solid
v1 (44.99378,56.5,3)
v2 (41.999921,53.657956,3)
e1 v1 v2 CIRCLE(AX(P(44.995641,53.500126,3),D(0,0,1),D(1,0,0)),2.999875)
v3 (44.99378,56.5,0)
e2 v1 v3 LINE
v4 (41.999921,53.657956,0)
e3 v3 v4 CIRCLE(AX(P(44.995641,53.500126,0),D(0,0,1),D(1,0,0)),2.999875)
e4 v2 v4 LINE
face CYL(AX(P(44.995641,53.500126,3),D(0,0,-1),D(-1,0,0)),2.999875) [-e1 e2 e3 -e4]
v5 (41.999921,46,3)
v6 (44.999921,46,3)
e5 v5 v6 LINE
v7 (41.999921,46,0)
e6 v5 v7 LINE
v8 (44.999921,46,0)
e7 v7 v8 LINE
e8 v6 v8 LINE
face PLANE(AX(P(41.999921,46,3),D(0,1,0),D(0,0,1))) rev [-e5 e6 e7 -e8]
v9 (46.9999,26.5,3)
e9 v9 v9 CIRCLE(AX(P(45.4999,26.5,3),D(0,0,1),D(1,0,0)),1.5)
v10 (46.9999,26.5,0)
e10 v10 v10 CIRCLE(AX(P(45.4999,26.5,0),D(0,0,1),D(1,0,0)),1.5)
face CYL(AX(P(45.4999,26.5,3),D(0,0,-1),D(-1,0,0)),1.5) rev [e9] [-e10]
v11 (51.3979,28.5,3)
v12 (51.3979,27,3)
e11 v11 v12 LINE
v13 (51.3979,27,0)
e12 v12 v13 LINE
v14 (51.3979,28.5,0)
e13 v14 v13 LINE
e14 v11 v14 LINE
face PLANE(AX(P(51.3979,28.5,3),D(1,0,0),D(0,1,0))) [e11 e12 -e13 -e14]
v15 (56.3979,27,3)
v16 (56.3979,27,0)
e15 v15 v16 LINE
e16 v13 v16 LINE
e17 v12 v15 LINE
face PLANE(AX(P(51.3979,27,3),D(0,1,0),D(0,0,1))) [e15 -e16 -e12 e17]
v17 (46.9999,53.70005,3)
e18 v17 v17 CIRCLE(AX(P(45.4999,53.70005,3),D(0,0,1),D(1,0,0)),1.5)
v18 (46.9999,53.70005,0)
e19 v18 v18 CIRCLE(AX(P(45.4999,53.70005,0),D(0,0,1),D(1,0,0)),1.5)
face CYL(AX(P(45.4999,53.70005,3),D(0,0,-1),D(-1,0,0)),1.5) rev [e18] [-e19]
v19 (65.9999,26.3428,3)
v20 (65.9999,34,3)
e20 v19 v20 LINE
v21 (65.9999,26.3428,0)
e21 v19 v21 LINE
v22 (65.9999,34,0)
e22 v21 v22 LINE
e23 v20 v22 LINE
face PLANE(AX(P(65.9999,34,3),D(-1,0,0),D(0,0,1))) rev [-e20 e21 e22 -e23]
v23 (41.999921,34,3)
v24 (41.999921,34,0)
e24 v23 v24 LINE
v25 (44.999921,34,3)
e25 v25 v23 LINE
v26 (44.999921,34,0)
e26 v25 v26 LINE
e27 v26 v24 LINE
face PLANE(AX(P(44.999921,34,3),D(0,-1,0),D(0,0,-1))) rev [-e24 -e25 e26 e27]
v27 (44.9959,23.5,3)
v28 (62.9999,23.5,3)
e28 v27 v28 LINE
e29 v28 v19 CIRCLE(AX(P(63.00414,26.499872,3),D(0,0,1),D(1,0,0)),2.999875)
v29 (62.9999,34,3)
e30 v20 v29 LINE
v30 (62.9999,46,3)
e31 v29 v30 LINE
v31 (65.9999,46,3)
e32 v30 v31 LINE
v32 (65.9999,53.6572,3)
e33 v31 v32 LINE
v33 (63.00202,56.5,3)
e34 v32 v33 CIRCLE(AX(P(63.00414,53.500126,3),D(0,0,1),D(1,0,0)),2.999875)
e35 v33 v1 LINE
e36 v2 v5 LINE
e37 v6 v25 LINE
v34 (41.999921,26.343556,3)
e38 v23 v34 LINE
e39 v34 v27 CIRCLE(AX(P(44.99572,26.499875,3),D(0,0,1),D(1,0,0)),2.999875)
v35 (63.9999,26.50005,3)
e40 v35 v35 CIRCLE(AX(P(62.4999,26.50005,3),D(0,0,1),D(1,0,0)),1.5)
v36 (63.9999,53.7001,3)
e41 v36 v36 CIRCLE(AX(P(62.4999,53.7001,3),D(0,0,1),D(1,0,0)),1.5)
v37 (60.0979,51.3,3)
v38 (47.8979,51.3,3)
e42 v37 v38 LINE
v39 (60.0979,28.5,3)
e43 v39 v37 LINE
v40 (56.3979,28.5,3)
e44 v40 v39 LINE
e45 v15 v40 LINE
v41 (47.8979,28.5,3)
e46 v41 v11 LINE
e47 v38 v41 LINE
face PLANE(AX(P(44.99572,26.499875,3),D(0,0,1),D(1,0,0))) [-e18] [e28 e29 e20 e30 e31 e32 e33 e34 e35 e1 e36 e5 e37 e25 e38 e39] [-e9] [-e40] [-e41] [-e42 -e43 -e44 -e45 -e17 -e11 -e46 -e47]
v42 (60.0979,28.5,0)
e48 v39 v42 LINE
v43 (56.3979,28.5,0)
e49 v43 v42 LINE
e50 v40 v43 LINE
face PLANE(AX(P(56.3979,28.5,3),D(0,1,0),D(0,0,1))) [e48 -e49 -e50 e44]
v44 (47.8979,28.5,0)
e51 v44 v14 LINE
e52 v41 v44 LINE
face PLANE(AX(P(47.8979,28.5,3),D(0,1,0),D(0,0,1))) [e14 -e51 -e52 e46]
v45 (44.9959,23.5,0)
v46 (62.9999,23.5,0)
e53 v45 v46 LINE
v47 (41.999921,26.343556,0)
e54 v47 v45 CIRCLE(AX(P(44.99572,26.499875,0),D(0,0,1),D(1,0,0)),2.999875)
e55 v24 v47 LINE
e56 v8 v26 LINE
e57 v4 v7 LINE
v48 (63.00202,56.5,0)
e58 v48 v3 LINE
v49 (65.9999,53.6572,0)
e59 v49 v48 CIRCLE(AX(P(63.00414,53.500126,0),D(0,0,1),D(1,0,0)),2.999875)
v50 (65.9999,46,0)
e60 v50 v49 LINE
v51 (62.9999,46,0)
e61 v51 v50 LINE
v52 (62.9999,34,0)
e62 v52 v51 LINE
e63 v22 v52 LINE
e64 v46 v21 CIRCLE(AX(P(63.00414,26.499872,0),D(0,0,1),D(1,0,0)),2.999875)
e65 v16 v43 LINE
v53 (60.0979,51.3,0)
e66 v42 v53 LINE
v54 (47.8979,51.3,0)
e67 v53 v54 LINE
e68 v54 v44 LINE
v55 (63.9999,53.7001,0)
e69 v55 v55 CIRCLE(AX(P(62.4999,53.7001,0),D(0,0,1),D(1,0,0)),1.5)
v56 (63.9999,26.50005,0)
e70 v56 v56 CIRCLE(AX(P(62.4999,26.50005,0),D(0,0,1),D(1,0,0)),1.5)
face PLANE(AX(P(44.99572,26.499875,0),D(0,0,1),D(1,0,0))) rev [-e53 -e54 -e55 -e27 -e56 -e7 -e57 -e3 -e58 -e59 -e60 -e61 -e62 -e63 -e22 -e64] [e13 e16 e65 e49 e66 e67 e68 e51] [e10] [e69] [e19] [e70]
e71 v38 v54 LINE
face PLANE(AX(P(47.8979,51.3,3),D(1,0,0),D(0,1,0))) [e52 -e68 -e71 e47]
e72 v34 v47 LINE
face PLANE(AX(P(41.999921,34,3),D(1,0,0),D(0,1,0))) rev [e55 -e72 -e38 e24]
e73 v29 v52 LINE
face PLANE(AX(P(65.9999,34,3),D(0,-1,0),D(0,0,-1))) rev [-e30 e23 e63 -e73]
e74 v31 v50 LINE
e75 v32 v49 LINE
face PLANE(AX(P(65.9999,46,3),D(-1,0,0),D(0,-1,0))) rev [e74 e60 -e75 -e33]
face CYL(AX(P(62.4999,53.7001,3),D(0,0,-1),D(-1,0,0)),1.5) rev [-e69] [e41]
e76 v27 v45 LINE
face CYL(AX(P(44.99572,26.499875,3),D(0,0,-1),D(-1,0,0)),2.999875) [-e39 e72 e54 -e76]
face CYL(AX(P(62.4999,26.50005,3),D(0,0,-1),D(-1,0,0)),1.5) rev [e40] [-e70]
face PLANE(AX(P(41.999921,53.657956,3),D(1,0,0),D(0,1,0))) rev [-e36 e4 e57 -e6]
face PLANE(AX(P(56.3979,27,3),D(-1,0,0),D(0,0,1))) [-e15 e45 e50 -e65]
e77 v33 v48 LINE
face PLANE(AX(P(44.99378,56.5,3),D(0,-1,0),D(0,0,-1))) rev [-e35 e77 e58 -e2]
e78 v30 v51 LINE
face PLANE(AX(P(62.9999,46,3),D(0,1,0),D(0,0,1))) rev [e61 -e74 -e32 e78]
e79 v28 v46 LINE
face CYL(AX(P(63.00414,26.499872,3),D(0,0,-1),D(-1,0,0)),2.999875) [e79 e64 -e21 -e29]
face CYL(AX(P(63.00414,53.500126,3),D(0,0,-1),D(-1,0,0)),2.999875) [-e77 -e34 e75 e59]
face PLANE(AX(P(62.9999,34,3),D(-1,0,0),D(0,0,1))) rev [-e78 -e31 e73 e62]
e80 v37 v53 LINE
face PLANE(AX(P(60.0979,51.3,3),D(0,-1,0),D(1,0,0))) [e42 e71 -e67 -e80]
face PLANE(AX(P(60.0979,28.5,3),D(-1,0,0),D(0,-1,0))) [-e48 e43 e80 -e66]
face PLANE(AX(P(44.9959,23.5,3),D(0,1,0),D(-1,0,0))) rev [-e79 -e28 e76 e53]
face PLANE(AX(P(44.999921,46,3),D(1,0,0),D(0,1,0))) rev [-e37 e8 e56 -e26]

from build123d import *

# Parameters (mm, degrees)
MODEL_R             = 1.5
MODEL_R_2           = 1.500000002
MODEL_R_3           = 1.500000008
BOSS_EXTRUDE1_DEPTH = 3


with BuildPart() as part:
    # Model → Boss-Extrude1 (new body)
    with BuildSketch(Plane.XY):
        with BuildLine():
            Line((41.999920867, 34), (41.999920867, 26.34355613))
            ThreePointArc((41.999920867, 26.34355613), (42.930559932, 24.324015901), (44.9959, 23.5))
            Line((44.9959, 23.5), (62.9999, 23.5))
            ThreePointArc((62.9999, 23.5), (65.067553671, 24.322356447), (65.9999, 26.3428))
            Line((65.9999, 26.3428), (65.9999, 34))
            Line((65.9999, 34), (62.9999, 34))
            Line((62.9999, 34), (62.9999, 46))
            Line((62.9999, 46), (65.9999, 46))
            Line((65.9999, 46), (65.9999, 53.6572))
            ThreePointArc((65.9999, 53.6572), (65.068322251, 55.676912854), (63.002020078, 56.5))
            Line((63.002020078, 56.5), (44.993779922, 56.5))
            ThreePointArc((44.993779922, 56.5), (42.930289539, 55.675803247), (41.999920867, 53.65795613))
            Line((41.999920867, 53.65795613), (41.999920867, 46))
            Line((41.999920867, 46), (44.999920867, 46))
            Line((44.999920867, 46), (44.999920867, 34))
            Line((44.999920867, 34), (41.999920867, 34))
        make_face()
        with Locations((45.4999, 53.700050007)):
            Circle(MODEL_R, mode=Mode.SUBTRACT)
        with Locations((62.4999, 53.700099998)):
            Circle(MODEL_R_2, mode=Mode.SUBTRACT)
        with Locations((45.4999, 26.500000005)):
            Circle(MODEL_R_3, mode=Mode.SUBTRACT)
        with Locations((62.4999, 26.500049996)):
            Circle(MODEL_R, mode=Mode.SUBTRACT)
        Polygon((47.8979, 51.3), (47.8979, 28.5), (51.3979, 28.5), (51.3979, 27), (56.3979, 27), (56.3979, 28.5), (60.0979, 28.5), (60.0979, 51.3), align=None, mode=Mode.SUBTRACT)
    extrude(amount=BOSS_EXTRUDE1_DEPTH)


solid = part.part
